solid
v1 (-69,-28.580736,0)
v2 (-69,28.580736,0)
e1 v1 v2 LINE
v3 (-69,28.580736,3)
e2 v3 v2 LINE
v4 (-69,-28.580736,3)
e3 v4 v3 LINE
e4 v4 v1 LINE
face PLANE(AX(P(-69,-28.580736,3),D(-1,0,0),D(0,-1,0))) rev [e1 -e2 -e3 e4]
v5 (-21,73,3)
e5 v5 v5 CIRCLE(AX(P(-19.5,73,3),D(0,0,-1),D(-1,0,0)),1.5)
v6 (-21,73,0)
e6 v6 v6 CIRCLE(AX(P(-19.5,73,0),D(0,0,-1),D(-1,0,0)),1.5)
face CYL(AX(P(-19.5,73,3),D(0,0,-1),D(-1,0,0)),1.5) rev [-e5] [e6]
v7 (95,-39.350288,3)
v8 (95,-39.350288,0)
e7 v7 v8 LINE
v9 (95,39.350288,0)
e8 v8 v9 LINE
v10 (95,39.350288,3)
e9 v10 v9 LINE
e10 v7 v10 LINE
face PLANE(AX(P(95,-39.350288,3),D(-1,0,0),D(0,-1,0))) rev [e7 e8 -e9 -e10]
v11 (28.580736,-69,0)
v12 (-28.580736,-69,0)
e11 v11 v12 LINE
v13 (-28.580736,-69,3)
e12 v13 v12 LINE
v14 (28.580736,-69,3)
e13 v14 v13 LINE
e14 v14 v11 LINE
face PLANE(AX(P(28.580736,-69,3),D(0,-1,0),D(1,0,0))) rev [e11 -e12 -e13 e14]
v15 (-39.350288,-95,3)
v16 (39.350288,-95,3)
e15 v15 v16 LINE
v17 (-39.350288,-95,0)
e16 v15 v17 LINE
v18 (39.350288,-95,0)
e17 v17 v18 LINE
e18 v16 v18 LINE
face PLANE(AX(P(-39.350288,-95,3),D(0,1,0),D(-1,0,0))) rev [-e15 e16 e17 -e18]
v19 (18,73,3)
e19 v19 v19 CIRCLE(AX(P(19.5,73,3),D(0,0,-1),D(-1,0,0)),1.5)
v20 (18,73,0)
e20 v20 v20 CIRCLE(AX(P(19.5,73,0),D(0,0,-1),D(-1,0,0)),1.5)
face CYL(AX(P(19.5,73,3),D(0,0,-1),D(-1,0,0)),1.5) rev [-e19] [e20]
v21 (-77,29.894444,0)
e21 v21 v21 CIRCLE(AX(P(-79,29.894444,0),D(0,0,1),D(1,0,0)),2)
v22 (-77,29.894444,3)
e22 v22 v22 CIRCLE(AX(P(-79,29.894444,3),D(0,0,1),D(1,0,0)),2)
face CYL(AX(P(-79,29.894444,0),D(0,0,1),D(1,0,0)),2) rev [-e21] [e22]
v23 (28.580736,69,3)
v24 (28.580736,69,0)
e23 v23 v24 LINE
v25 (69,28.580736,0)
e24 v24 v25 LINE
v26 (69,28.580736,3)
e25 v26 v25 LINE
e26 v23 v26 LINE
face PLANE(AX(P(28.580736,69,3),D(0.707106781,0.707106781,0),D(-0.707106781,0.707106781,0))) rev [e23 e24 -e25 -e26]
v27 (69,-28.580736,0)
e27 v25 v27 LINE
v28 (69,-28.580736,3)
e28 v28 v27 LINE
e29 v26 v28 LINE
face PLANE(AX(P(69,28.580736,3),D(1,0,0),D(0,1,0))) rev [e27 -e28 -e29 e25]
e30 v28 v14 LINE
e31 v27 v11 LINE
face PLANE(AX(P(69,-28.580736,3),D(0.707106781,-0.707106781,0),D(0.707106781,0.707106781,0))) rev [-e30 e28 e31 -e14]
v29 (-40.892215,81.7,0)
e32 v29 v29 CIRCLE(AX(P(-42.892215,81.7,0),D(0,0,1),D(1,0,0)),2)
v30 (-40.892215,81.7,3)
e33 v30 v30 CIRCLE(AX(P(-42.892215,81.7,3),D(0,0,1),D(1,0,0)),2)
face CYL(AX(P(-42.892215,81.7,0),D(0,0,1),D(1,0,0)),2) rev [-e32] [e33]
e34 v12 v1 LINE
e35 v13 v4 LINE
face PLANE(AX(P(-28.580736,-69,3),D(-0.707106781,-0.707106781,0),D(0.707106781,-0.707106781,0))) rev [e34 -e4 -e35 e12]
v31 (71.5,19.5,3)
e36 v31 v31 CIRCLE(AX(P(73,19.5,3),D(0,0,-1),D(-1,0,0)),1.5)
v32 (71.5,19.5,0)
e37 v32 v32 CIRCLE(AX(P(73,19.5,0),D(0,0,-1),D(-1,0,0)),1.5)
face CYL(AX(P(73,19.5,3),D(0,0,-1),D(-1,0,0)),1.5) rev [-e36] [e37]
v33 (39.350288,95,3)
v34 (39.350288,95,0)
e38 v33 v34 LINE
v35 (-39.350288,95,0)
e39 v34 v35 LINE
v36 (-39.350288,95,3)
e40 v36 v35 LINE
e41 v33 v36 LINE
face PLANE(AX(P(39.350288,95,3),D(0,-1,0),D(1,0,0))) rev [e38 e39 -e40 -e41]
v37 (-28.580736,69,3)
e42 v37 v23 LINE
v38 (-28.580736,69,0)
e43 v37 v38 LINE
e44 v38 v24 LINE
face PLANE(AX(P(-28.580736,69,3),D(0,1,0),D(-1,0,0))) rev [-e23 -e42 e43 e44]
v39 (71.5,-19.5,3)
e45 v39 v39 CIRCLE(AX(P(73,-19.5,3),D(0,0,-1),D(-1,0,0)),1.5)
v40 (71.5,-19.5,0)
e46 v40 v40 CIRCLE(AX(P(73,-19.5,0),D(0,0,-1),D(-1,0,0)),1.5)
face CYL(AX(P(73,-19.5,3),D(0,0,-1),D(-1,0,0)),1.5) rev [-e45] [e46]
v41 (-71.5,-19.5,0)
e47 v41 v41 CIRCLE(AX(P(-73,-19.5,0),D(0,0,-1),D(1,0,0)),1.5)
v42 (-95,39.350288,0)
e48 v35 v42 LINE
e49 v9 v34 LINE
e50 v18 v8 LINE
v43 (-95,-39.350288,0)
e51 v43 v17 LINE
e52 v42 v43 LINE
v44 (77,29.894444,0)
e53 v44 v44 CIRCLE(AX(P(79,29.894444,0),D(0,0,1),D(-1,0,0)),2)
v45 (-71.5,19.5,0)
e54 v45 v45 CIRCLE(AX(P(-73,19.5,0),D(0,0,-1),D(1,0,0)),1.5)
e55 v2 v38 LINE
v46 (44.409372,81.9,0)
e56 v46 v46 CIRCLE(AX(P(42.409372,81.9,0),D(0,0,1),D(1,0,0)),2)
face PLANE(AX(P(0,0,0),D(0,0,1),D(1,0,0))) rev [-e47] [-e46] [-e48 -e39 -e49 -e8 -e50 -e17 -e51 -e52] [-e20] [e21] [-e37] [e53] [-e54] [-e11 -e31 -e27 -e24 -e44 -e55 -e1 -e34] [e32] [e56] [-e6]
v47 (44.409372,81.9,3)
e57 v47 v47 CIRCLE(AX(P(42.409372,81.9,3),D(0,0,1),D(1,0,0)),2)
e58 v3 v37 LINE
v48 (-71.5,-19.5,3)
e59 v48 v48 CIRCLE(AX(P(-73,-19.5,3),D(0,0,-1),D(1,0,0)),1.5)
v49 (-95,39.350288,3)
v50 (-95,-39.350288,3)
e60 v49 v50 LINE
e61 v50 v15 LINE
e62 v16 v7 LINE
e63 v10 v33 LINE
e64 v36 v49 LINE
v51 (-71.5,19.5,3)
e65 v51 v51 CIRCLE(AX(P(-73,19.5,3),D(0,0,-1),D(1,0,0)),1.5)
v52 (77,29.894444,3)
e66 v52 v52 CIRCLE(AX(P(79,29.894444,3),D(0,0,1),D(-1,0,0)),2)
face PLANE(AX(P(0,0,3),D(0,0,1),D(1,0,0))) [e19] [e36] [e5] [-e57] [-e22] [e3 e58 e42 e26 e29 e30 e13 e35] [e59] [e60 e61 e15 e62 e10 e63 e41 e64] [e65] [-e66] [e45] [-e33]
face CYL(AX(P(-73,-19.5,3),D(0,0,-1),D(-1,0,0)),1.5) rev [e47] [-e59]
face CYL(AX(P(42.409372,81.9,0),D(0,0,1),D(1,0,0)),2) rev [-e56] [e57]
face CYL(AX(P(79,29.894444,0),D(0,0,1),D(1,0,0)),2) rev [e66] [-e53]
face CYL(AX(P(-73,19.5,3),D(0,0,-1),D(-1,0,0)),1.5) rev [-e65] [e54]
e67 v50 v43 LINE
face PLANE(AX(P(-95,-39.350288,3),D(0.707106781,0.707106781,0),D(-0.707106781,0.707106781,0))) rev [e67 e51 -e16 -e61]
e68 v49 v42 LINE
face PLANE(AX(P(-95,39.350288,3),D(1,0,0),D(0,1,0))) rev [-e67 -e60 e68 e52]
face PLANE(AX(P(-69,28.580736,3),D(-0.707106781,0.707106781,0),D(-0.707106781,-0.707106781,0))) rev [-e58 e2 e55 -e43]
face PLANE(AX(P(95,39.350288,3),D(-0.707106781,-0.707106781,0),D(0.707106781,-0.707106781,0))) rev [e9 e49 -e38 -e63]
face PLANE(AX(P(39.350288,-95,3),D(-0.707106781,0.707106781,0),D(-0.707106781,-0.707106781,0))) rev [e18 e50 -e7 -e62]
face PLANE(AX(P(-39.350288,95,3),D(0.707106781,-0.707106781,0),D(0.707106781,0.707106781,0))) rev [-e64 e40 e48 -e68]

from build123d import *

# Parameters (mm, degrees)
SALIENTE_EXTRUIR1_DEPTH = 3
CORTAR_EXTRUIR1_DEPTH   = 3
CROQUIS3_R              = 1.5
CORTAR_EXTRUIR2_DEPTH   = 135.383778783
CROQUIS5_R              = 2
CORTAR_EXTRUIR3_DEPTH   = 135.383778783


with BuildPart() as part:
    # Croquis1 → Saliente-Extruir1 (new body)
    with BuildSketch(Plane.XY):
        Polygon((-39.350288425, -95), (39.350288425, -95), (95, -39.350288425), (95, 39.350288425), (39.350288425, 95), (-39.350288425, 95), (-95, 39.350288425), (-95, -39.350288425), align=None)
    extrude(amount=SALIENTE_EXTRUIR1_DEPTH)

    # Croquis2 → Cortar-Extruir1 (cut)
    with BuildSketch(Plane(origin=(0, 0, 0), x_dir=(-1, 0, 0), z_dir=(0, 0, -1))):
        Polygon((-69, -28.580735804), (-28.580735804, -69), (28.580735804, -69), (69, -28.580735804), (69, 28.580735804), (28.580735804, 69), (-28.580735804, 69), (-69, 28.580735804), align=None)
    extrude(amount=-CORTAR_EXTRUIR1_DEPTH, mode=Mode.SUBTRACT)

    # Croquis3 → Cortar-Extruir2 (cut, through all)
    with BuildSketch(Plane(origin=(0, 0, 0), x_dir=(-1, 0, 0), z_dir=(0, 0, -1))):
        with Locations((-19.5, 73)):
            Circle(CROQUIS3_R)
        with Locations((19.5, 73)):
            Circle(CROQUIS3_R)
        with Locations((-73, 19.5)):
            Circle(CROQUIS3_R)
        with Locations((-73, -19.5)):
            Circle(CROQUIS3_R)
        with Locations(Location((73, 19.5, 0), (0, 0, 180))):
            Circle(CROQUIS3_R)
        with Locations(Location((73, -19.5, 0), (0, 0, 180))):
            Circle(CROQUIS3_R)
    extrude(amount=-CORTAR_EXTRUIR2_DEPTH, mode=Mode.SUBTRACT)

    # Croquis5 → Cortar-Extruir3 (cut, through all)
    with BuildSketch(Plane.XY.offset(3)):
        with Locations((-42.892214845, 81.7)):
            Circle(CROQUIS5_R)
        with Locations((42.409372133, 81.9)):
            Circle(CROQUIS5_R)
        with Locations((-79, 29.894444303)):
            Circle(CROQUIS5_R)
        with Locations(Location((79, 29.894444303, 0), (0, 0, 180))):
            Circle(CROQUIS5_R)
    extrude(amount=-CORTAR_EXTRUIR3_DEPTH, mode=Mode.SUBTRACT)


solid = part.part
